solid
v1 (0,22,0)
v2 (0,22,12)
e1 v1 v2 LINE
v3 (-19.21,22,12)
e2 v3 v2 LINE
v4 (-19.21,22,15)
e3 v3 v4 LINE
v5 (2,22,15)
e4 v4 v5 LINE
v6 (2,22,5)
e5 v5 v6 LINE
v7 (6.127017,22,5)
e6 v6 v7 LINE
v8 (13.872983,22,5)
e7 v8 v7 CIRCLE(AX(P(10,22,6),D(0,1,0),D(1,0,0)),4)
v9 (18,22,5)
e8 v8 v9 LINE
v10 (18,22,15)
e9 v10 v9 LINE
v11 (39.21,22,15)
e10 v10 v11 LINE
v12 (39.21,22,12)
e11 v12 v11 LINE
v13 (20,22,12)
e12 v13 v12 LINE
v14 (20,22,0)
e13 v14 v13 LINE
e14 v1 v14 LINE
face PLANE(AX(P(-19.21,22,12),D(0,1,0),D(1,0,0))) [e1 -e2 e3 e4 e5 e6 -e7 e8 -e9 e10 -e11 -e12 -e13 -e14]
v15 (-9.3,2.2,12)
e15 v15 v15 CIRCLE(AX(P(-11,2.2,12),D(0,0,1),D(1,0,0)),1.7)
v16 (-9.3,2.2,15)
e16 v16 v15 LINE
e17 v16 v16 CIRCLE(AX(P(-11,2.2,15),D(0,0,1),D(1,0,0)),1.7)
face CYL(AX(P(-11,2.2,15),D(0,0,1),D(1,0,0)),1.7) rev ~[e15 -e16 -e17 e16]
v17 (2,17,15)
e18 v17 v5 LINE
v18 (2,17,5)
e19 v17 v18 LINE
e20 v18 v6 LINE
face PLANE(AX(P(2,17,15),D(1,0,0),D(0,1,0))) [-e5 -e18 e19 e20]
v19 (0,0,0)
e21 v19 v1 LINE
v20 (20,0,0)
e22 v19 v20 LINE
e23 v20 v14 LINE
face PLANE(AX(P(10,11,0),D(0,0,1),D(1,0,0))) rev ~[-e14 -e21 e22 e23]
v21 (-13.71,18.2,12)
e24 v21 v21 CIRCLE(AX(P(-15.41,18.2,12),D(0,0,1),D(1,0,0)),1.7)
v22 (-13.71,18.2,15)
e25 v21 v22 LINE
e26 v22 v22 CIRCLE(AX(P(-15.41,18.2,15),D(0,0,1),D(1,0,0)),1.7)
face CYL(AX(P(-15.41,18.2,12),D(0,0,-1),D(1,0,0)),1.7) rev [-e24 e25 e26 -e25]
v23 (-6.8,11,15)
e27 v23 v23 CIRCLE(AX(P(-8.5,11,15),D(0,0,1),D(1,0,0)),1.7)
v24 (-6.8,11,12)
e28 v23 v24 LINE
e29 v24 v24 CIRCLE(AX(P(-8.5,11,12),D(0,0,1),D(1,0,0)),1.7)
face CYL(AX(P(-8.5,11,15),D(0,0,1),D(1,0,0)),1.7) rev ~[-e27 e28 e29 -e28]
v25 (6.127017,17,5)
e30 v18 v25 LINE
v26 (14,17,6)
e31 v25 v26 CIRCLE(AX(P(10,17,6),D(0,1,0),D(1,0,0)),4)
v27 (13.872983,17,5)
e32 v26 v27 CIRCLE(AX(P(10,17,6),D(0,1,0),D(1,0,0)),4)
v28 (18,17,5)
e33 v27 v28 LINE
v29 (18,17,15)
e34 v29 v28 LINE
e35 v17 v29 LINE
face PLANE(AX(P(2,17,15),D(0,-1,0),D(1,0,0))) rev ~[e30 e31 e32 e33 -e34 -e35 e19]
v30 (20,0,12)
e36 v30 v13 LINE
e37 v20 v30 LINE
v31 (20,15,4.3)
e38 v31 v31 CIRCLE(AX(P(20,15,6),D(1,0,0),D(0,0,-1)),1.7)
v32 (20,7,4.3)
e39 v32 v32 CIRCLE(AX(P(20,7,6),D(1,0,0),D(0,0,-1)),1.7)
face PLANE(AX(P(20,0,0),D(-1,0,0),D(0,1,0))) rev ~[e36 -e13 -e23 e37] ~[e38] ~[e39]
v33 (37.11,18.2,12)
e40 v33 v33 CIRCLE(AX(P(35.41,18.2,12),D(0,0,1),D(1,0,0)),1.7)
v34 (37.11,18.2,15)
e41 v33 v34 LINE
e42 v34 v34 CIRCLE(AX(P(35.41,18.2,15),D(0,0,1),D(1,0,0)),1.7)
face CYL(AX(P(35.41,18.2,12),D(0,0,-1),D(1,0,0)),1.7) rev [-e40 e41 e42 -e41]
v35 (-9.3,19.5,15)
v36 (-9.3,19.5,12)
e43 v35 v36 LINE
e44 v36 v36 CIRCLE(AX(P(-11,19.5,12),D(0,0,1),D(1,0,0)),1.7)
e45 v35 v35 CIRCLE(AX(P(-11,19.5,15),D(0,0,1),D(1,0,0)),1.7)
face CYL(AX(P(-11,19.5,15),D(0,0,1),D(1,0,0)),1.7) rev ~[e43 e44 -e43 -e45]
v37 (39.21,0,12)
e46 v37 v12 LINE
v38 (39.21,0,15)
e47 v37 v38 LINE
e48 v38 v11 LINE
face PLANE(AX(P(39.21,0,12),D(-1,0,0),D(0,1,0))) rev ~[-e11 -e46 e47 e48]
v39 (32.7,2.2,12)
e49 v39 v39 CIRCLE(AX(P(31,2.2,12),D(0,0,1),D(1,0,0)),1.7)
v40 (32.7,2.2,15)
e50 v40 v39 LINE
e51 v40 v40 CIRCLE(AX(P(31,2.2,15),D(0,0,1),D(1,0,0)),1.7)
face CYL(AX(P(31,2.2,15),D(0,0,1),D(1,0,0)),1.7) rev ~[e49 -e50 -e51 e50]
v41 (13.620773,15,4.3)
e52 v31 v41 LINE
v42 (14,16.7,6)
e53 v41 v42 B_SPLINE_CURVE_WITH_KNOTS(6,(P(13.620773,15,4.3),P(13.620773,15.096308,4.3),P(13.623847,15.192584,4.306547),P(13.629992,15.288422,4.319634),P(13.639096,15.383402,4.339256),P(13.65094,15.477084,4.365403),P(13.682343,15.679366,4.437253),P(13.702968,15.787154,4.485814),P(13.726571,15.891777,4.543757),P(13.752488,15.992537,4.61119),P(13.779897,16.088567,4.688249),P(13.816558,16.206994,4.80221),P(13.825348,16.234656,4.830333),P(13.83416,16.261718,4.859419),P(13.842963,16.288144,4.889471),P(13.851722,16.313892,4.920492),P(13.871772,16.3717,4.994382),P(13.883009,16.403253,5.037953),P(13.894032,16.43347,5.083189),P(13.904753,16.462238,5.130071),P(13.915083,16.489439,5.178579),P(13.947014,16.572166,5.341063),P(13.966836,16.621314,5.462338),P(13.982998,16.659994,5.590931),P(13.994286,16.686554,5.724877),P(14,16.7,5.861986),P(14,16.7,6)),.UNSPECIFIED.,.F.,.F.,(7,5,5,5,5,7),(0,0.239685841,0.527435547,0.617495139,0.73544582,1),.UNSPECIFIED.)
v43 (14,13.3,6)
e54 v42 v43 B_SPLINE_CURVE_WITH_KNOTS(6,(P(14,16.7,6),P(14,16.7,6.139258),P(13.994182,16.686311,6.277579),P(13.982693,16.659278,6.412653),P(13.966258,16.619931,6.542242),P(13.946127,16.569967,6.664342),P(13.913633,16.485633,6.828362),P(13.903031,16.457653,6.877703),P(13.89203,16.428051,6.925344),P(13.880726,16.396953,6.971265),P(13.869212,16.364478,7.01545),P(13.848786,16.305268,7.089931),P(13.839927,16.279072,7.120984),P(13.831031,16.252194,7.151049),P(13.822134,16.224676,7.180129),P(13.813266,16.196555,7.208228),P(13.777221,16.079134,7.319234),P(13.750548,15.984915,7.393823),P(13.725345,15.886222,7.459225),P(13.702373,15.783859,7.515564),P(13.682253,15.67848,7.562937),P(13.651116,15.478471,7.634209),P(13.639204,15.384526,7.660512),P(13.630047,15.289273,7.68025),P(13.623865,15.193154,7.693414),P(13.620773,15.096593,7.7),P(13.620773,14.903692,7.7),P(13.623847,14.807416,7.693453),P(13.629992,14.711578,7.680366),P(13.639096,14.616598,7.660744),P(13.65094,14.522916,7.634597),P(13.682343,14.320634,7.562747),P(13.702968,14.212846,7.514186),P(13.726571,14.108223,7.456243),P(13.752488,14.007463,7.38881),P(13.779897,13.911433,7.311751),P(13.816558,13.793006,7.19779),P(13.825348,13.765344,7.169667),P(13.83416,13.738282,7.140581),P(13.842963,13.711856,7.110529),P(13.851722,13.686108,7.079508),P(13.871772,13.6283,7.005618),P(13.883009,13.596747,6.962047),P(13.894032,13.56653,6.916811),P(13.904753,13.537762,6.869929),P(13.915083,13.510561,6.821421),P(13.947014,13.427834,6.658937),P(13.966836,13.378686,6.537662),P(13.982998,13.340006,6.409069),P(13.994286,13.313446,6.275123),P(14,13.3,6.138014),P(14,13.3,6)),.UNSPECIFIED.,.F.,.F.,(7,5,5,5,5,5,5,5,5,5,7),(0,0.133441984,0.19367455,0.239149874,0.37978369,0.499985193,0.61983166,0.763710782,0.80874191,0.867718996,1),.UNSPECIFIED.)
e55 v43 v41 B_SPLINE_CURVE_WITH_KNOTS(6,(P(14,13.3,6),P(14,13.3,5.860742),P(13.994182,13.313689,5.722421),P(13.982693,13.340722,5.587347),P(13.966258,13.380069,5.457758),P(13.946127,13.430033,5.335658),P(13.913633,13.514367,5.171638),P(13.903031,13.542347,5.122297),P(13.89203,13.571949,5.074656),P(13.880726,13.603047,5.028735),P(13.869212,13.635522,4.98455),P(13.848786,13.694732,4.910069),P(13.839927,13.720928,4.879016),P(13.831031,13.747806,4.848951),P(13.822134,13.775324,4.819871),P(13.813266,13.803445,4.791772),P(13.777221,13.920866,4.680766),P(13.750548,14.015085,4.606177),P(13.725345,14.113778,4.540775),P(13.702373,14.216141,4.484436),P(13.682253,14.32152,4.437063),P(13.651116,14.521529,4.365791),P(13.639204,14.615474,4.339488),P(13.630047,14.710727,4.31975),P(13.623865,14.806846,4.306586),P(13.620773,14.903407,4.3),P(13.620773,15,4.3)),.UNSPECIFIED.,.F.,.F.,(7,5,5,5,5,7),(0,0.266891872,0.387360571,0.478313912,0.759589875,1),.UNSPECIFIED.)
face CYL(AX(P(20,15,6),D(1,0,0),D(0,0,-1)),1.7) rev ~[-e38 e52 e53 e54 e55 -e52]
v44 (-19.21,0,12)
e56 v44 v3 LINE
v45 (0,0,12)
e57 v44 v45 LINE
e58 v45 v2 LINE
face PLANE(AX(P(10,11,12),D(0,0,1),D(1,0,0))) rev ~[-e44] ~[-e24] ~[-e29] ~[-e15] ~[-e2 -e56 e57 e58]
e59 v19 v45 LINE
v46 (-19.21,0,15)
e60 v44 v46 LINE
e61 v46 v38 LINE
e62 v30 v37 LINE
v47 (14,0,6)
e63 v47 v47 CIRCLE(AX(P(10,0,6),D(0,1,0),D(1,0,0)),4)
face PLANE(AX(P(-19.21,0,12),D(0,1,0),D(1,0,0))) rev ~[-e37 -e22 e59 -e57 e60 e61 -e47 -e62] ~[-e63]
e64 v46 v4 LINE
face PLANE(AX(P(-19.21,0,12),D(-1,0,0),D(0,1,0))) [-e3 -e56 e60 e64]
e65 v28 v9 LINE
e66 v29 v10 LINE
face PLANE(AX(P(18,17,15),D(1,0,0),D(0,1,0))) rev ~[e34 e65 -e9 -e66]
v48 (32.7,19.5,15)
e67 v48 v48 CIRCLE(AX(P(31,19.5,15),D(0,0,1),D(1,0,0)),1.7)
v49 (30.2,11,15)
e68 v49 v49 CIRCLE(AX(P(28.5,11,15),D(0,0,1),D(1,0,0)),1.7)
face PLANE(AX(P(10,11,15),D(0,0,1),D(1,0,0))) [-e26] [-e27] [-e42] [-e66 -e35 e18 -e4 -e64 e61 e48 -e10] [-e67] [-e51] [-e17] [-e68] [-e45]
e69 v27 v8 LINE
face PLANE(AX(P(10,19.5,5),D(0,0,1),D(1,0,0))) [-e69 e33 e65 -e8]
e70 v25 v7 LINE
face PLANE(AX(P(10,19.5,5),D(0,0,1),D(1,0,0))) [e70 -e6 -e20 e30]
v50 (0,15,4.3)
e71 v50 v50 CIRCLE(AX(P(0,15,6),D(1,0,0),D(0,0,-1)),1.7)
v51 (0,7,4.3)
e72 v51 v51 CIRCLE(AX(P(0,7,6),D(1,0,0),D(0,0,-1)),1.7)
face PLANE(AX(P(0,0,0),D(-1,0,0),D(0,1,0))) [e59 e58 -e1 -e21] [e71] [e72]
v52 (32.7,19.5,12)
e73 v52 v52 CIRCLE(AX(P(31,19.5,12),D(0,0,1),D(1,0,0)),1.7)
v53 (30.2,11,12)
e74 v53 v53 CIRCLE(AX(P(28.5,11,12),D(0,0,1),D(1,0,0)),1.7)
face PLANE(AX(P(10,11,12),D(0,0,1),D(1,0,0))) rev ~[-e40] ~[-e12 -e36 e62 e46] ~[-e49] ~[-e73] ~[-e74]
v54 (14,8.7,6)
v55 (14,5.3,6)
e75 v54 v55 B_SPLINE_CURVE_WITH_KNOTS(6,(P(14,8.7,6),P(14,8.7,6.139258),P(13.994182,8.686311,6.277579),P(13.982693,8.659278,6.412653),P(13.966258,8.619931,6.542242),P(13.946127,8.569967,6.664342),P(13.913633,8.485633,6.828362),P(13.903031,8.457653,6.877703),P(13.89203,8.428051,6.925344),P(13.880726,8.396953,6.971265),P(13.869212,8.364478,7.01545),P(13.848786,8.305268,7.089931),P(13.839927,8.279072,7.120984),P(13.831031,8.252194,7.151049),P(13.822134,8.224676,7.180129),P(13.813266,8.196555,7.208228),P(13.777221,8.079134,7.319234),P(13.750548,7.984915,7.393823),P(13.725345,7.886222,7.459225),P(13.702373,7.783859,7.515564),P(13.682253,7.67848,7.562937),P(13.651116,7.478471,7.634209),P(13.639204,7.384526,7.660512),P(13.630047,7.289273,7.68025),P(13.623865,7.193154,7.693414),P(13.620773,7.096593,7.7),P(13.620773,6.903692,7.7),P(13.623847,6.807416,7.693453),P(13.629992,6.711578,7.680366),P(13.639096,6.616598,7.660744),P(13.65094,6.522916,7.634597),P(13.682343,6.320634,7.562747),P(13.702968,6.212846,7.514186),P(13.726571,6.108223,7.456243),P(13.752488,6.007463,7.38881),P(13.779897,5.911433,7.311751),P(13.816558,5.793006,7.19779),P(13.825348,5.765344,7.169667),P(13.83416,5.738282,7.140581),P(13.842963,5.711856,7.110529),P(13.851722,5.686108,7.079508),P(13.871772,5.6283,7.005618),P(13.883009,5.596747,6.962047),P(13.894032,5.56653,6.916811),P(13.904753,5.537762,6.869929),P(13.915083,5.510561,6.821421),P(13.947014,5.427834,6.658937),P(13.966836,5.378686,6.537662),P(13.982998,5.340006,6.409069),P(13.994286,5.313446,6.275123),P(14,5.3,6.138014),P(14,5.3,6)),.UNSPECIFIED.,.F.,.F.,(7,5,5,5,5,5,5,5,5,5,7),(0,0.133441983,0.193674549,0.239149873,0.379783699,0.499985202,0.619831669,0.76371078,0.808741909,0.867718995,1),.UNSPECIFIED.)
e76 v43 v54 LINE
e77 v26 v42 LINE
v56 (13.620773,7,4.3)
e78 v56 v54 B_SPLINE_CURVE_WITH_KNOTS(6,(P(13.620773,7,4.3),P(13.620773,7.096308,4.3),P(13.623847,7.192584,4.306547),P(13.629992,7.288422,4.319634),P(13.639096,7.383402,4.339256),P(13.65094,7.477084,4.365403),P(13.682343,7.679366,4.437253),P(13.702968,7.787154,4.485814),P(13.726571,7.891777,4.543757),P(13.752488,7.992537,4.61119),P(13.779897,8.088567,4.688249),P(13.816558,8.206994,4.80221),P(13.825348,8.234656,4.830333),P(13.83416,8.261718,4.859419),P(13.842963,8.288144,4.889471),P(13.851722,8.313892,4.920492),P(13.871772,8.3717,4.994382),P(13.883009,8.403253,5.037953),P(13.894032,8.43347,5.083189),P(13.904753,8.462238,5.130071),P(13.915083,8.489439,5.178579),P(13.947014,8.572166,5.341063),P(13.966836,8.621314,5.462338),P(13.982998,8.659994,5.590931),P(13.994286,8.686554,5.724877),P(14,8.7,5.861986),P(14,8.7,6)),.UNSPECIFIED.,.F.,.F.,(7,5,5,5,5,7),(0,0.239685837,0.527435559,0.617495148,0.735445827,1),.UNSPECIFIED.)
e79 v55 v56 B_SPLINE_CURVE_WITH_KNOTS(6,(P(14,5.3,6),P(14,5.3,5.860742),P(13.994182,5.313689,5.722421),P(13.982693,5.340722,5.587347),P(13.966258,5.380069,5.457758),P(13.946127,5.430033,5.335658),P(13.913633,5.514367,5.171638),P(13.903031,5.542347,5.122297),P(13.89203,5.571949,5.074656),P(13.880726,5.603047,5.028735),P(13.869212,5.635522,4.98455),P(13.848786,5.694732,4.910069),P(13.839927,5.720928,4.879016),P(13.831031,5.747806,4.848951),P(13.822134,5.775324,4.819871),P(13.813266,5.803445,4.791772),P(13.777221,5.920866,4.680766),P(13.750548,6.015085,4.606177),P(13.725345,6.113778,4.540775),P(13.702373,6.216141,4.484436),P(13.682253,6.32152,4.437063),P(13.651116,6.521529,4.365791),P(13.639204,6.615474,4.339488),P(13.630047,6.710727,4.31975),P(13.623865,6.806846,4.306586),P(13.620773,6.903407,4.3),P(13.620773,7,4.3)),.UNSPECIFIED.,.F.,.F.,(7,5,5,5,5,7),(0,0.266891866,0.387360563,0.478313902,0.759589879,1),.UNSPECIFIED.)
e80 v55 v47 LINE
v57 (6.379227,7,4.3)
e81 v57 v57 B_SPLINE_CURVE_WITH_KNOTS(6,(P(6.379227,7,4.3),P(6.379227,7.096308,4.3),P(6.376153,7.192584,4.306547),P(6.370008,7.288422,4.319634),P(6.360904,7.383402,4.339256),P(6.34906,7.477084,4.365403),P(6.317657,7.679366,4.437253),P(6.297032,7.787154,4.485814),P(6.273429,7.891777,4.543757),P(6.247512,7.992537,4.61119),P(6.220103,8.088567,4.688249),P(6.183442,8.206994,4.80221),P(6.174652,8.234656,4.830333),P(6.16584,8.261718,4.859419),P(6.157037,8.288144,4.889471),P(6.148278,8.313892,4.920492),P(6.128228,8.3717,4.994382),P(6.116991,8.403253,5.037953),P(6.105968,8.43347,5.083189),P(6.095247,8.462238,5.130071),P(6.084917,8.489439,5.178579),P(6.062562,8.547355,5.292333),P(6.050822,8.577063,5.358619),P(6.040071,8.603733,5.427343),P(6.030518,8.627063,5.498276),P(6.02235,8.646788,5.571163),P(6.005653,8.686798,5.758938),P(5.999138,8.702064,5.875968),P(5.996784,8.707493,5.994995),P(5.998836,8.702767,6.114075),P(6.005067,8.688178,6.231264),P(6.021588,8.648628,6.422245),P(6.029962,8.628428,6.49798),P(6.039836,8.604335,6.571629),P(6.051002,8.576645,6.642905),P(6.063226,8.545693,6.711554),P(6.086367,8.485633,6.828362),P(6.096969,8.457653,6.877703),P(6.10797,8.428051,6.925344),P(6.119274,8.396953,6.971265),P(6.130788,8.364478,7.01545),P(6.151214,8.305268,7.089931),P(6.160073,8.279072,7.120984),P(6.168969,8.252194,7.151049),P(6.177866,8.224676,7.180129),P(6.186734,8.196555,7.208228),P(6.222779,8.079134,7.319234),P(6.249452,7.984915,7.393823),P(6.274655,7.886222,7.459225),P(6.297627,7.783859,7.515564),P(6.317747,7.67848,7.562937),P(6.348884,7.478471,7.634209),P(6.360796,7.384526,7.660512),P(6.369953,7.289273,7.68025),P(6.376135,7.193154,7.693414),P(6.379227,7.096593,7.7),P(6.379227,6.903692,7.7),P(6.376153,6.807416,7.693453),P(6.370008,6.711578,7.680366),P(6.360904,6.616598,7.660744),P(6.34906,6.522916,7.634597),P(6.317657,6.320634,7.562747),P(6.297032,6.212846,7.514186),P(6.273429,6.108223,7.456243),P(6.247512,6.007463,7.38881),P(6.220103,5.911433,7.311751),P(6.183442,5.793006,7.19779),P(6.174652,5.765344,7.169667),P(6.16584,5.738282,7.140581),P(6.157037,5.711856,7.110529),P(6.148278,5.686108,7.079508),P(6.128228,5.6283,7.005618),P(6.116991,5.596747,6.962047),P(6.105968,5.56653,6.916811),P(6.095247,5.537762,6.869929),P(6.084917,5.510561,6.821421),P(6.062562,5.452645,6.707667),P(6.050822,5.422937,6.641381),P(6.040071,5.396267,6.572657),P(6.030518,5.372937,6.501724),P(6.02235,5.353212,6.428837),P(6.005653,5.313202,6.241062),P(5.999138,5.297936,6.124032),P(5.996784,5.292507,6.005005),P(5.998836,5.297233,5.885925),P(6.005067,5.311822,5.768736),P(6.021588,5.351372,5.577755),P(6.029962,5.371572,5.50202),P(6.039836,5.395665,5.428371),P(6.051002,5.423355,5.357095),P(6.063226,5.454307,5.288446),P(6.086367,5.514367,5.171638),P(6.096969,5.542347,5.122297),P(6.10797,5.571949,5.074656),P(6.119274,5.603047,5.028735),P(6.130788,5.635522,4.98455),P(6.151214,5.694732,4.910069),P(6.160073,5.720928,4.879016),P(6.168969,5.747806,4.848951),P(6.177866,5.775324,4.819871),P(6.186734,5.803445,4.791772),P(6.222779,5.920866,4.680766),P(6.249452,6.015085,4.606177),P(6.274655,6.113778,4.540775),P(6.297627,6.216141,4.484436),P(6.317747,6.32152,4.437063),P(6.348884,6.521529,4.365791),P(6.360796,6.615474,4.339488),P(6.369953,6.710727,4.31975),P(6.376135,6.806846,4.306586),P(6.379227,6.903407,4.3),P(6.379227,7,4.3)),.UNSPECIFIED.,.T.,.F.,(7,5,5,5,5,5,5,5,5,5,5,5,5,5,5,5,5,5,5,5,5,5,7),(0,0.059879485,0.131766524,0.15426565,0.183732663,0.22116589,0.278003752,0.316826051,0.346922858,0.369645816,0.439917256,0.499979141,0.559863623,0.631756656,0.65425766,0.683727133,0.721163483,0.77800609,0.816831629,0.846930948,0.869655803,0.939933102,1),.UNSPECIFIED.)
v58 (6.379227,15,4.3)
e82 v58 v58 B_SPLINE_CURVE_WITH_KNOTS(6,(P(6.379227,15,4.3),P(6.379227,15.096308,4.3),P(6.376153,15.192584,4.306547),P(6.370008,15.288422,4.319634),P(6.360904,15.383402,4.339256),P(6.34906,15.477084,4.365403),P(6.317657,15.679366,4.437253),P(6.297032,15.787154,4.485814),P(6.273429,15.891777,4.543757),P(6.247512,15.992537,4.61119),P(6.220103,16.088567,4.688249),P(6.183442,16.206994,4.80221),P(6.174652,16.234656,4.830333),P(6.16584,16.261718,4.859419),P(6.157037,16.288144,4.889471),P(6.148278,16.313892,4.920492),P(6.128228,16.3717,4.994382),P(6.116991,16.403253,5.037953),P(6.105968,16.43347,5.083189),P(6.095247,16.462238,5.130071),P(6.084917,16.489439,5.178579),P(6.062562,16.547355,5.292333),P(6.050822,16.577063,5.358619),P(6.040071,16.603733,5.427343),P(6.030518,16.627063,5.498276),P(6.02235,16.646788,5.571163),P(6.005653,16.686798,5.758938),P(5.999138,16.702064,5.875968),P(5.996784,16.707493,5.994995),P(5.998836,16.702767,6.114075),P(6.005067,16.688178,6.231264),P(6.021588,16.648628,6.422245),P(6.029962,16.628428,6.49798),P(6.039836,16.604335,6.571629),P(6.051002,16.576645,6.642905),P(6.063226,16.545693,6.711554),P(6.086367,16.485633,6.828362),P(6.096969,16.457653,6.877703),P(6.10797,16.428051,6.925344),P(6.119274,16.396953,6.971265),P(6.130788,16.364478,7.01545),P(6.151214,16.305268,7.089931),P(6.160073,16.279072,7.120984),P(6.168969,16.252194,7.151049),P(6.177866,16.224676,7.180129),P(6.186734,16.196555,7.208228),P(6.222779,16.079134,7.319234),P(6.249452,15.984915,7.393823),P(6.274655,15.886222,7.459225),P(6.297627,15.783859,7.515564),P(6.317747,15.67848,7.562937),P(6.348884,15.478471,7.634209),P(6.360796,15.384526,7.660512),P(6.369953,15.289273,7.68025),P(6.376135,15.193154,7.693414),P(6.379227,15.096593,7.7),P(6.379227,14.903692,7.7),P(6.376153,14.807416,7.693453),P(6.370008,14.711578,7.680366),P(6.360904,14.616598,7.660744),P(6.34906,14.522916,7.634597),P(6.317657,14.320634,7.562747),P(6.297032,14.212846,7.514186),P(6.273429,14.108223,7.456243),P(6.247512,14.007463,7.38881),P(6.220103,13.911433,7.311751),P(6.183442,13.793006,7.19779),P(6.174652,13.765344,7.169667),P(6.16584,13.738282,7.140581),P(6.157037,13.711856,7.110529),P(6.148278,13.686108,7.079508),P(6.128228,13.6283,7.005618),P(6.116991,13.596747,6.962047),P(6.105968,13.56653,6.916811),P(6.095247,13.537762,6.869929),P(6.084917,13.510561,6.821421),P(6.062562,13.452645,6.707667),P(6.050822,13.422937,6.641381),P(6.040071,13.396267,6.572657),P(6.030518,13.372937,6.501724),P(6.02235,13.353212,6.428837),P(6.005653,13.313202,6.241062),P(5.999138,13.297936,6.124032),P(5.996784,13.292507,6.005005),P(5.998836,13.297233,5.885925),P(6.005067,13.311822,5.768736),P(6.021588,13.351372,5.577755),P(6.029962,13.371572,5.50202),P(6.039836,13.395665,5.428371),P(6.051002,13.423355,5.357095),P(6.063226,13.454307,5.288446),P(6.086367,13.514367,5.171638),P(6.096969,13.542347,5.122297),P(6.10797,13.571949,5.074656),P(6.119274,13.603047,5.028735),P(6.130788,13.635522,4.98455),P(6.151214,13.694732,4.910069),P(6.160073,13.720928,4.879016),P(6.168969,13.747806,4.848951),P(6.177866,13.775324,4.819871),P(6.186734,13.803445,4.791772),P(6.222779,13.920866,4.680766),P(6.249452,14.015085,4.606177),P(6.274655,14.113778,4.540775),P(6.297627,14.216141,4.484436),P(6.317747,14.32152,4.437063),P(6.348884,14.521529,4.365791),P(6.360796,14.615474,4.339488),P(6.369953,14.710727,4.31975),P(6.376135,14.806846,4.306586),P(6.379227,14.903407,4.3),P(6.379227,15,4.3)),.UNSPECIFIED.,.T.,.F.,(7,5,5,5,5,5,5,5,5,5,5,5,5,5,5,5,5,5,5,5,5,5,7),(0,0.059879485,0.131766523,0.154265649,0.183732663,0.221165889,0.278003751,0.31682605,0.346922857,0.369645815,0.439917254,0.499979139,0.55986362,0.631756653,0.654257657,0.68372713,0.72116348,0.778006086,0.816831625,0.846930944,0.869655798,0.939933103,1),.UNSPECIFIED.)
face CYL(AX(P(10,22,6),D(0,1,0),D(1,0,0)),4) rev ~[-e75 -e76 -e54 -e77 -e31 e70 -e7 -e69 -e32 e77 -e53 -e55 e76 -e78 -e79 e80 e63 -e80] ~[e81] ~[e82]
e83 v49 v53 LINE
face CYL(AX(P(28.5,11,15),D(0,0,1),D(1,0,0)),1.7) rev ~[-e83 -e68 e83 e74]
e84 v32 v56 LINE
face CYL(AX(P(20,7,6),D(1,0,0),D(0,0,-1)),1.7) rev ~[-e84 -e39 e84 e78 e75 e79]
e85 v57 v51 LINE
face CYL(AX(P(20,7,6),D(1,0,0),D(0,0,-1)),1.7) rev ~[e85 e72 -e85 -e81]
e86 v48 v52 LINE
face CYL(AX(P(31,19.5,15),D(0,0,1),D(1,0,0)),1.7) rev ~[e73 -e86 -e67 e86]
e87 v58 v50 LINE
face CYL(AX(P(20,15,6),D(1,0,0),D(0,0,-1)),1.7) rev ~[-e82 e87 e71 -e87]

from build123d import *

# Parameters (mm, degrees)
ESQUISSE1_W             = 20
ESQUISSE1_H             = 22
BOSS_EXTRU_1_DEPTH      = 12
ESQUISSE2_R             = 4
ENL_V_MAT_EXTRU_1_DEPTH = 26
ESQUISSE4_W             = 58.42
ESQUISSE4_H             = 22
ESQUISSE4_R             = 1.7
BOSS_EXTRU_2_DEPTH      = 3
ESQUISSE5_R             = 1.7
ENL_V_MAT_EXTRU_2_DEPTH = 3
ESQUISSE3_R             = 1.7
ENL_V_MAT_EXTRU_3_DEPTH = 27
ESQUISSE6_W             = 16
ESQUISSE6_H             = 5
ENL_V_MAT_EXTRU_4_DEPTH = 10


with BuildPart() as part:
    # Esquisse1 → Boss.-Extru.1 (new body)
    with BuildSketch(Plane.XY):
        with Locations((10, 11)):
            Rectangle(ESQUISSE1_W, ESQUISSE1_H)
    extrude(amount=BOSS_EXTRU_1_DEPTH)

    # Esquisse2 → Enlèv. mat.-Extru.1 (cut)
    with BuildSketch(Plane(origin=(0, 22, 0), x_dir=(1, 0, 0), z_dir=(0, 1, 0))):
        with Locations((10, -6)):
            Circle(ESQUISSE2_R)
    extrude(amount=-ENL_V_MAT_EXTRU_1_DEPTH, mode=Mode.SUBTRACT)

    # Esquisse4 → Boss.-Extru.2 (add)
    with BuildSketch(Plane.XY.offset(12)):
        with Locations((10, 11)):
            Rectangle(ESQUISSE4_W, ESQUISSE4_H)
        with Locations((-15.41, 18.2)):
            Circle(ESQUISSE4_R, mode=Mode.SUBTRACT)
        with Locations((35.41, 18.2)):
            Circle(ESQUISSE4_R, mode=Mode.SUBTRACT)
    extrude(amount=BOSS_EXTRU_2_DEPTH)

    # Esquisse5 → Enlèv. mat.-Extru.2 (cut)
    with BuildSketch(Plane.XY.offset(15)):
        with Locations((-11, 19.5)):
            Circle(ESQUISSE5_R)
        with Locations((-11, 2.2)):
            Circle(ESQUISSE5_R)
        with Locations((31, 2.2)):
            Circle(ESQUISSE5_R)
        with Locations((31, 19.5)):
            Circle(ESQUISSE5_R)
        with Locations((-8.5, 11)):
            Circle(ESQUISSE5_R)
        with Locations((28.5, 11)):
            Circle(ESQUISSE5_R)
    extrude(amount=-ENL_V_MAT_EXTRU_2_DEPTH, mode=Mode.SUBTRACT)

    # Esquisse3 → Enlèv. mat.-Extru.3 (cut)
    with BuildSketch(Plane(origin=(20, 0, 0), x_dir=(0, 0, -1), z_dir=(1, 0, 0))):
        with Locations((-6, 15)):
            Circle(ESQUISSE3_R)
        with Locations((-6, 7)):
            Circle(ESQUISSE3_R)
    extrude(amount=-ENL_V_MAT_EXTRU_3_DEPTH, mode=Mode.SUBTRACT)

    # Esquisse6 → Enlèv. mat.-Extru.4 (cut)
    with BuildSketch(Plane.XY.offset(15)):
        with Locations((10, 19.5)):
            Rectangle(ESQUISSE6_W, ESQUISSE6_H)
    extrude(amount=-ENL_V_MAT_EXTRU_4_DEPTH, mode=Mode.SUBTRACT)


solid = part.part
